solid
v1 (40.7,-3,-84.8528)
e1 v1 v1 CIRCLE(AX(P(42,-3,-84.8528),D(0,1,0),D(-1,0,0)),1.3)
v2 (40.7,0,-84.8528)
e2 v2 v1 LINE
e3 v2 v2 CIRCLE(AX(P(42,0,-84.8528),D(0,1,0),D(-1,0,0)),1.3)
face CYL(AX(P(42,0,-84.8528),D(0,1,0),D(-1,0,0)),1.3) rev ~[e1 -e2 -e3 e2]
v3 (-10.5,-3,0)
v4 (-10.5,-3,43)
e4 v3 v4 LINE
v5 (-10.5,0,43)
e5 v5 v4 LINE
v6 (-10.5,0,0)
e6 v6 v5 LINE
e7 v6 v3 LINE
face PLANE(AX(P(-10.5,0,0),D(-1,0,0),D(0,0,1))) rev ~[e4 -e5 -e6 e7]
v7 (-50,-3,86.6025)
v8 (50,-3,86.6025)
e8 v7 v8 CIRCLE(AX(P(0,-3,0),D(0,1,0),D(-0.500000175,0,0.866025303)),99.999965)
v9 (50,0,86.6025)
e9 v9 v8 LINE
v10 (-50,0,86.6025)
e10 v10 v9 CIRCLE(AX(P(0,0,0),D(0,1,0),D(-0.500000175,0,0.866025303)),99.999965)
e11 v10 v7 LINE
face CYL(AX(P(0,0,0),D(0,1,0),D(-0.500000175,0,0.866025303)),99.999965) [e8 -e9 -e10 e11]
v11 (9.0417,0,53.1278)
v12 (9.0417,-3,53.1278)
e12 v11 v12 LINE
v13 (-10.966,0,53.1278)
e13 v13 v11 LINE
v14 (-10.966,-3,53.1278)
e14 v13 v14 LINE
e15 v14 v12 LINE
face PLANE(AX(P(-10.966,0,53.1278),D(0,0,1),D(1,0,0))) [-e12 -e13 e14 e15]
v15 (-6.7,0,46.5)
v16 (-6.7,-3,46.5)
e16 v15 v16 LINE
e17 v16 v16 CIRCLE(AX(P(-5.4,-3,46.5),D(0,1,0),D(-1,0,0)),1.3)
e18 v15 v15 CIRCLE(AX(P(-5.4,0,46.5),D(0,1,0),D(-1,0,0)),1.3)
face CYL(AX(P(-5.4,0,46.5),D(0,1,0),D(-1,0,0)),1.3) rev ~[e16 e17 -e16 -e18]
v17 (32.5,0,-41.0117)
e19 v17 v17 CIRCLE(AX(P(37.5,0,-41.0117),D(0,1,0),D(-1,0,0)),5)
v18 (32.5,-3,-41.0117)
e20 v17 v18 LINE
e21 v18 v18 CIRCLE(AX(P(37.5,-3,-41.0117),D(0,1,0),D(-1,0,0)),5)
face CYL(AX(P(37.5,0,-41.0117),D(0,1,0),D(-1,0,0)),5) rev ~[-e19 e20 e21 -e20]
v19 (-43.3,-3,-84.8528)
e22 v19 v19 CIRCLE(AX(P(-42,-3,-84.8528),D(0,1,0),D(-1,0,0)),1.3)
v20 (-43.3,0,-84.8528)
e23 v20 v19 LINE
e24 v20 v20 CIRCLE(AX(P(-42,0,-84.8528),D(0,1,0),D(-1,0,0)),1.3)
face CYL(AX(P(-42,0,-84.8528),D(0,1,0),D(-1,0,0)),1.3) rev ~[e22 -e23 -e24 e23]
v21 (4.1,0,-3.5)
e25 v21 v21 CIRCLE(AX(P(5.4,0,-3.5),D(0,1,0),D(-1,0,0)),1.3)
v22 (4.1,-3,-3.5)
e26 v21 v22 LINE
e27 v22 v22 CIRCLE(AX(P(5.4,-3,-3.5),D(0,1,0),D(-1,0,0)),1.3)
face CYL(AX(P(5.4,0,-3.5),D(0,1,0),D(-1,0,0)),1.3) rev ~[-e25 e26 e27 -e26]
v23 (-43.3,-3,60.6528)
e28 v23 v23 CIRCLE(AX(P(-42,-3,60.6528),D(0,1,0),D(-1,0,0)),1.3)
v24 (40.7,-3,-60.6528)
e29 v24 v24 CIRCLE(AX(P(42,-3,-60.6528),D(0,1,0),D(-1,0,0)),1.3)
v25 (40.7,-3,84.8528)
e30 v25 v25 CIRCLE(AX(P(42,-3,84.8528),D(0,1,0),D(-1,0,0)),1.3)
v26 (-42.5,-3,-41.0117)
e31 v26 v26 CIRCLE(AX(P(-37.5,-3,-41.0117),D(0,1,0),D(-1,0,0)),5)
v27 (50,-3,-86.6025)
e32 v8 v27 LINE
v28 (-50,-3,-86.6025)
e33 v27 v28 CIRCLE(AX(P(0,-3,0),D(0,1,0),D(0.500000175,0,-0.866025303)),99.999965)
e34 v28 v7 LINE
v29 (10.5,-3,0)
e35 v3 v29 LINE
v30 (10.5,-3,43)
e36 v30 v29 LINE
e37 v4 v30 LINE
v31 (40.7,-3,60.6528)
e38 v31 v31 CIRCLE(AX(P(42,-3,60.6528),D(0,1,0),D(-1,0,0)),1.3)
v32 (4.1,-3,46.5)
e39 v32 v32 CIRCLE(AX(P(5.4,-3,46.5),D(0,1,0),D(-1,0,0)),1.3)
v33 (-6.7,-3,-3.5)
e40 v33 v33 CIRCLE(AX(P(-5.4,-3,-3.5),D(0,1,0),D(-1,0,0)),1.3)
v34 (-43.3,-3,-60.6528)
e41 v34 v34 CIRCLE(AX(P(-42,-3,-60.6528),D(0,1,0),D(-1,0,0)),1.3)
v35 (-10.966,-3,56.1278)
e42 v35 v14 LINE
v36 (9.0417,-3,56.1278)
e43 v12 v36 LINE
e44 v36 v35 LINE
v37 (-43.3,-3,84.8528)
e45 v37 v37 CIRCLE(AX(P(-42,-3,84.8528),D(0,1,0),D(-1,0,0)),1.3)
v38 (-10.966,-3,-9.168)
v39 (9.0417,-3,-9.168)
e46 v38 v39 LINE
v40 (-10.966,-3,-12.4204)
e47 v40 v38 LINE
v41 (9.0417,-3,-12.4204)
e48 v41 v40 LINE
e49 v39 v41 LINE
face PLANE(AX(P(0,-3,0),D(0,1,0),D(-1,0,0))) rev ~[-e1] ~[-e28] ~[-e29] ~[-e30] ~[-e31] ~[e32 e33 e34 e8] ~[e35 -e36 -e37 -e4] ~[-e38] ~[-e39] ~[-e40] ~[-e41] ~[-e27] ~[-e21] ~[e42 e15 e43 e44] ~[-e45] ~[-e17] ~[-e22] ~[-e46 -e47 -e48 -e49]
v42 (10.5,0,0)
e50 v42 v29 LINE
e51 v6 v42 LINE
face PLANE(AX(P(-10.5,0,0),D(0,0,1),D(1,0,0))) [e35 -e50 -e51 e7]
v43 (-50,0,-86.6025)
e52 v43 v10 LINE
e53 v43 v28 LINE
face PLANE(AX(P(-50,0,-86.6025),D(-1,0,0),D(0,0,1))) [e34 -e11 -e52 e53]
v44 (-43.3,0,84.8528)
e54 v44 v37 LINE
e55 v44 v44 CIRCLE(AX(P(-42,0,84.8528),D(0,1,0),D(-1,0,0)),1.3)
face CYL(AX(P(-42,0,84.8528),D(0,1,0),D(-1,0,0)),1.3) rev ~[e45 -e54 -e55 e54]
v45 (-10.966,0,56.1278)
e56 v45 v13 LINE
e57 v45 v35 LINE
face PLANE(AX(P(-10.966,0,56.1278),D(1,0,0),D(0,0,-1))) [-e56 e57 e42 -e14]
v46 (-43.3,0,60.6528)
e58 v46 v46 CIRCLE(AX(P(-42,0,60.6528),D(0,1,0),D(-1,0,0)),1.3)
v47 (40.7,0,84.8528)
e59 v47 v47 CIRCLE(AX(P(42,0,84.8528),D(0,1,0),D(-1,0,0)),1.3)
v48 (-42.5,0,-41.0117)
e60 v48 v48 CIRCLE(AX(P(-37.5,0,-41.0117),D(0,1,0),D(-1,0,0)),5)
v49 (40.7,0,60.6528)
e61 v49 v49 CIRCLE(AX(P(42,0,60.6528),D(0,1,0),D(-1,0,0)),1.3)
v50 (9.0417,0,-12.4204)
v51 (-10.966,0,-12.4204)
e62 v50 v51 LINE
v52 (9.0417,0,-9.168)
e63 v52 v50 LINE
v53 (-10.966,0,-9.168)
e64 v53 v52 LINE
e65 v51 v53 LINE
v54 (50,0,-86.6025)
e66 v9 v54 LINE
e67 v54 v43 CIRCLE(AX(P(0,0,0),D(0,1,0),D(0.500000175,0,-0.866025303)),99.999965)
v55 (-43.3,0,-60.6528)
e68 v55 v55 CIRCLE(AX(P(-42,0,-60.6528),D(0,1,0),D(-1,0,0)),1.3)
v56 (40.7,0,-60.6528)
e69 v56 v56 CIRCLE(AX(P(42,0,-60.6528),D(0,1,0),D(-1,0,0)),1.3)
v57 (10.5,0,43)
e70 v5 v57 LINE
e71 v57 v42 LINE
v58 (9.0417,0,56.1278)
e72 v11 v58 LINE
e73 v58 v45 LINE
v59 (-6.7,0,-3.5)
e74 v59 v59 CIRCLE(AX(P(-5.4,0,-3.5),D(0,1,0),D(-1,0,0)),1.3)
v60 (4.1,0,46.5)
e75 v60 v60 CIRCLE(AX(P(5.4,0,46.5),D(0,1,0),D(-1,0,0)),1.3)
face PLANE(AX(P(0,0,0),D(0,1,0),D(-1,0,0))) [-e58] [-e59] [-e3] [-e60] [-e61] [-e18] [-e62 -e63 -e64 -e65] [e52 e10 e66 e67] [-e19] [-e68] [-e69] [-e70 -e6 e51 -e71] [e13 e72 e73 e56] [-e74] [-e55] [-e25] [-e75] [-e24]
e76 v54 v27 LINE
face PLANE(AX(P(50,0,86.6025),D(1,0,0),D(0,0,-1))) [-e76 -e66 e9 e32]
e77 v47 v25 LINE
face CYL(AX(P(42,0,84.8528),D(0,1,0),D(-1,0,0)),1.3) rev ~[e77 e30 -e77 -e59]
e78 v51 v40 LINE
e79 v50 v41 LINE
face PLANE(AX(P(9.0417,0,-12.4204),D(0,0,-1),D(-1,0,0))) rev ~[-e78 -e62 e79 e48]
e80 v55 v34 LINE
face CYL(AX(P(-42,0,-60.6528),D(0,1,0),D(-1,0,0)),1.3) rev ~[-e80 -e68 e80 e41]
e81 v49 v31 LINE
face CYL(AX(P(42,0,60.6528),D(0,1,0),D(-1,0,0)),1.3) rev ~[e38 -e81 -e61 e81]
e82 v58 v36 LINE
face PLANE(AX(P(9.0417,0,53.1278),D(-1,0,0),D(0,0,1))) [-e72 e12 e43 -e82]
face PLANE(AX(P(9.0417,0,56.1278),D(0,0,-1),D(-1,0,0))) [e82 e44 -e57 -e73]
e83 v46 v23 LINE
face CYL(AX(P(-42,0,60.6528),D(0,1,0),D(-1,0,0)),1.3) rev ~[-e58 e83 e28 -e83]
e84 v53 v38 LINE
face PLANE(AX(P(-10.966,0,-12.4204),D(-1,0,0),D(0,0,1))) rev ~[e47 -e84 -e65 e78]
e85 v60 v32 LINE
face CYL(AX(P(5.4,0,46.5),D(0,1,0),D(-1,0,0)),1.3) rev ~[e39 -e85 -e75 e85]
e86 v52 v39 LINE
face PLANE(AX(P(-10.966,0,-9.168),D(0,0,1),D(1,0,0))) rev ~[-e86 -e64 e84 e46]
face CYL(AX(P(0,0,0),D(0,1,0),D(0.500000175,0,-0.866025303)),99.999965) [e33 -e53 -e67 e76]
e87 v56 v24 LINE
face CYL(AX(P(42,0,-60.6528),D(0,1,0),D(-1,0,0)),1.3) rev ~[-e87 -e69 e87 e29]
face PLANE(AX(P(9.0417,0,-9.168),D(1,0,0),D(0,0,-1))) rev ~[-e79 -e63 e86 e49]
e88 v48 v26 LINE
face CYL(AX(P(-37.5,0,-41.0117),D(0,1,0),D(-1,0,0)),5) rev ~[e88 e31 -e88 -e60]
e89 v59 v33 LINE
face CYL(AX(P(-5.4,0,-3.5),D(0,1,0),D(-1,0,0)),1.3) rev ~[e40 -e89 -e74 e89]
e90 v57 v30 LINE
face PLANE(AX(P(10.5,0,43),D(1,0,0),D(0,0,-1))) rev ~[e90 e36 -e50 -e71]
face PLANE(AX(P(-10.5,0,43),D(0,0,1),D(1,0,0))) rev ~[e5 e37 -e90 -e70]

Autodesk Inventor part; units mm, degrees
ref_plane "YZ Plane" through (0, 0, 0) normal (1, 0, 0) x (0, 1, 0)
ref_plane "XZ Plane" through (0, 0, 0) normal (0, 1, 0) x (-1, 0, 0)
ref_plane "XY Plane" through (0, 0, 0) normal (0, 0, 1) x (1, 0, 0)
sketch "Sketch1" plane through (0, 0, 0) normal (0, 1, 0) x (-1, 0, 0)
  line L0 (-50, 86.6025) -> (-50, -86.6025)
  line L1 (50, -86.6025) -> (50, 86.6025)
  arc A0 (50, 86.6025) -> (-50, 86.6025) centre (0, 0) ccw
  arc A1 (-50, -86.6025) -> (50, -86.6025) centre (0, 0) ccw
  circle A2 centre (42, -84.8528) radius 1.3
  circle A3 centre (42, -60.6528) radius 1.3
  circle A4 centre (-42, -84.8528) radius 1.3
  circle A5 centre (-42, -60.6528) radius 1.3
  circle A6 centre (42, 84.8528) radius 1.3
  circle A7 centre (42, 60.6528) radius 1.3
  circle A8 centre (-42, 84.8528) radius 1.3
  circle A9 centre (-42, 60.6528) radius 1.3
  circle A10 centre (37.5, -41.0117) radius 5
  circle A11 centre (-37.5, -41.0117) radius 5
  line L2 (10.5, 0) -> (10.5, 43)
  line L3 (10.5, 43) -> (-10.5, 43)
  line L4 (-10.5, 43) -> (-10.5, 0)
  line L5 (10.5, 0) -> (-10.5, 0)
  circle A12 centre (-5.4, -3.5) radius 1.3
  circle A13 centre (5.4, -3.5) radius 1.3
  circle A14 centre (5.4, 46.5) radius 1.3
  circle A15 centre (-5.4, 46.5) radius 1.3
  circle A16 centre (-2.7764, -36.0117) radius 16.406
extrude "Extrusion1" add sketch "Sketch1" against normal blind 3 contours A0 L1 A1 L0 | A16
sketch "Sketch2" plane through (0, 0, 0) normal (0, 1, 0) x (1, 0, 0)
  line L0 (-10.966, 9.168) -> (9.0417, 9.168)
  line L1 (9.0417, 9.168) -> (9.0417, 12.4204)
  line L2 (9.0417, 12.4204) -> (-10.966, 12.4204)
  line L3 (-10.966, 12.4204) -> (-10.966, 9.168)
  line L4 (-10.966, -53.1278) -> (9.0417, -53.1278)
  line L5 (9.0417, -53.1278) -> (9.0417, -56.1278)
  line L6 (9.0417, -56.1278) -> (-10.966, -56.1278)
  line L7 (-10.966, -56.1278) -> (-10.966, -53.1278)
  point P0 (0, 0)
extrude "Extrusion2" cut sketch "Sketch2" against normal blind 3
properties part number "topPlate1"
